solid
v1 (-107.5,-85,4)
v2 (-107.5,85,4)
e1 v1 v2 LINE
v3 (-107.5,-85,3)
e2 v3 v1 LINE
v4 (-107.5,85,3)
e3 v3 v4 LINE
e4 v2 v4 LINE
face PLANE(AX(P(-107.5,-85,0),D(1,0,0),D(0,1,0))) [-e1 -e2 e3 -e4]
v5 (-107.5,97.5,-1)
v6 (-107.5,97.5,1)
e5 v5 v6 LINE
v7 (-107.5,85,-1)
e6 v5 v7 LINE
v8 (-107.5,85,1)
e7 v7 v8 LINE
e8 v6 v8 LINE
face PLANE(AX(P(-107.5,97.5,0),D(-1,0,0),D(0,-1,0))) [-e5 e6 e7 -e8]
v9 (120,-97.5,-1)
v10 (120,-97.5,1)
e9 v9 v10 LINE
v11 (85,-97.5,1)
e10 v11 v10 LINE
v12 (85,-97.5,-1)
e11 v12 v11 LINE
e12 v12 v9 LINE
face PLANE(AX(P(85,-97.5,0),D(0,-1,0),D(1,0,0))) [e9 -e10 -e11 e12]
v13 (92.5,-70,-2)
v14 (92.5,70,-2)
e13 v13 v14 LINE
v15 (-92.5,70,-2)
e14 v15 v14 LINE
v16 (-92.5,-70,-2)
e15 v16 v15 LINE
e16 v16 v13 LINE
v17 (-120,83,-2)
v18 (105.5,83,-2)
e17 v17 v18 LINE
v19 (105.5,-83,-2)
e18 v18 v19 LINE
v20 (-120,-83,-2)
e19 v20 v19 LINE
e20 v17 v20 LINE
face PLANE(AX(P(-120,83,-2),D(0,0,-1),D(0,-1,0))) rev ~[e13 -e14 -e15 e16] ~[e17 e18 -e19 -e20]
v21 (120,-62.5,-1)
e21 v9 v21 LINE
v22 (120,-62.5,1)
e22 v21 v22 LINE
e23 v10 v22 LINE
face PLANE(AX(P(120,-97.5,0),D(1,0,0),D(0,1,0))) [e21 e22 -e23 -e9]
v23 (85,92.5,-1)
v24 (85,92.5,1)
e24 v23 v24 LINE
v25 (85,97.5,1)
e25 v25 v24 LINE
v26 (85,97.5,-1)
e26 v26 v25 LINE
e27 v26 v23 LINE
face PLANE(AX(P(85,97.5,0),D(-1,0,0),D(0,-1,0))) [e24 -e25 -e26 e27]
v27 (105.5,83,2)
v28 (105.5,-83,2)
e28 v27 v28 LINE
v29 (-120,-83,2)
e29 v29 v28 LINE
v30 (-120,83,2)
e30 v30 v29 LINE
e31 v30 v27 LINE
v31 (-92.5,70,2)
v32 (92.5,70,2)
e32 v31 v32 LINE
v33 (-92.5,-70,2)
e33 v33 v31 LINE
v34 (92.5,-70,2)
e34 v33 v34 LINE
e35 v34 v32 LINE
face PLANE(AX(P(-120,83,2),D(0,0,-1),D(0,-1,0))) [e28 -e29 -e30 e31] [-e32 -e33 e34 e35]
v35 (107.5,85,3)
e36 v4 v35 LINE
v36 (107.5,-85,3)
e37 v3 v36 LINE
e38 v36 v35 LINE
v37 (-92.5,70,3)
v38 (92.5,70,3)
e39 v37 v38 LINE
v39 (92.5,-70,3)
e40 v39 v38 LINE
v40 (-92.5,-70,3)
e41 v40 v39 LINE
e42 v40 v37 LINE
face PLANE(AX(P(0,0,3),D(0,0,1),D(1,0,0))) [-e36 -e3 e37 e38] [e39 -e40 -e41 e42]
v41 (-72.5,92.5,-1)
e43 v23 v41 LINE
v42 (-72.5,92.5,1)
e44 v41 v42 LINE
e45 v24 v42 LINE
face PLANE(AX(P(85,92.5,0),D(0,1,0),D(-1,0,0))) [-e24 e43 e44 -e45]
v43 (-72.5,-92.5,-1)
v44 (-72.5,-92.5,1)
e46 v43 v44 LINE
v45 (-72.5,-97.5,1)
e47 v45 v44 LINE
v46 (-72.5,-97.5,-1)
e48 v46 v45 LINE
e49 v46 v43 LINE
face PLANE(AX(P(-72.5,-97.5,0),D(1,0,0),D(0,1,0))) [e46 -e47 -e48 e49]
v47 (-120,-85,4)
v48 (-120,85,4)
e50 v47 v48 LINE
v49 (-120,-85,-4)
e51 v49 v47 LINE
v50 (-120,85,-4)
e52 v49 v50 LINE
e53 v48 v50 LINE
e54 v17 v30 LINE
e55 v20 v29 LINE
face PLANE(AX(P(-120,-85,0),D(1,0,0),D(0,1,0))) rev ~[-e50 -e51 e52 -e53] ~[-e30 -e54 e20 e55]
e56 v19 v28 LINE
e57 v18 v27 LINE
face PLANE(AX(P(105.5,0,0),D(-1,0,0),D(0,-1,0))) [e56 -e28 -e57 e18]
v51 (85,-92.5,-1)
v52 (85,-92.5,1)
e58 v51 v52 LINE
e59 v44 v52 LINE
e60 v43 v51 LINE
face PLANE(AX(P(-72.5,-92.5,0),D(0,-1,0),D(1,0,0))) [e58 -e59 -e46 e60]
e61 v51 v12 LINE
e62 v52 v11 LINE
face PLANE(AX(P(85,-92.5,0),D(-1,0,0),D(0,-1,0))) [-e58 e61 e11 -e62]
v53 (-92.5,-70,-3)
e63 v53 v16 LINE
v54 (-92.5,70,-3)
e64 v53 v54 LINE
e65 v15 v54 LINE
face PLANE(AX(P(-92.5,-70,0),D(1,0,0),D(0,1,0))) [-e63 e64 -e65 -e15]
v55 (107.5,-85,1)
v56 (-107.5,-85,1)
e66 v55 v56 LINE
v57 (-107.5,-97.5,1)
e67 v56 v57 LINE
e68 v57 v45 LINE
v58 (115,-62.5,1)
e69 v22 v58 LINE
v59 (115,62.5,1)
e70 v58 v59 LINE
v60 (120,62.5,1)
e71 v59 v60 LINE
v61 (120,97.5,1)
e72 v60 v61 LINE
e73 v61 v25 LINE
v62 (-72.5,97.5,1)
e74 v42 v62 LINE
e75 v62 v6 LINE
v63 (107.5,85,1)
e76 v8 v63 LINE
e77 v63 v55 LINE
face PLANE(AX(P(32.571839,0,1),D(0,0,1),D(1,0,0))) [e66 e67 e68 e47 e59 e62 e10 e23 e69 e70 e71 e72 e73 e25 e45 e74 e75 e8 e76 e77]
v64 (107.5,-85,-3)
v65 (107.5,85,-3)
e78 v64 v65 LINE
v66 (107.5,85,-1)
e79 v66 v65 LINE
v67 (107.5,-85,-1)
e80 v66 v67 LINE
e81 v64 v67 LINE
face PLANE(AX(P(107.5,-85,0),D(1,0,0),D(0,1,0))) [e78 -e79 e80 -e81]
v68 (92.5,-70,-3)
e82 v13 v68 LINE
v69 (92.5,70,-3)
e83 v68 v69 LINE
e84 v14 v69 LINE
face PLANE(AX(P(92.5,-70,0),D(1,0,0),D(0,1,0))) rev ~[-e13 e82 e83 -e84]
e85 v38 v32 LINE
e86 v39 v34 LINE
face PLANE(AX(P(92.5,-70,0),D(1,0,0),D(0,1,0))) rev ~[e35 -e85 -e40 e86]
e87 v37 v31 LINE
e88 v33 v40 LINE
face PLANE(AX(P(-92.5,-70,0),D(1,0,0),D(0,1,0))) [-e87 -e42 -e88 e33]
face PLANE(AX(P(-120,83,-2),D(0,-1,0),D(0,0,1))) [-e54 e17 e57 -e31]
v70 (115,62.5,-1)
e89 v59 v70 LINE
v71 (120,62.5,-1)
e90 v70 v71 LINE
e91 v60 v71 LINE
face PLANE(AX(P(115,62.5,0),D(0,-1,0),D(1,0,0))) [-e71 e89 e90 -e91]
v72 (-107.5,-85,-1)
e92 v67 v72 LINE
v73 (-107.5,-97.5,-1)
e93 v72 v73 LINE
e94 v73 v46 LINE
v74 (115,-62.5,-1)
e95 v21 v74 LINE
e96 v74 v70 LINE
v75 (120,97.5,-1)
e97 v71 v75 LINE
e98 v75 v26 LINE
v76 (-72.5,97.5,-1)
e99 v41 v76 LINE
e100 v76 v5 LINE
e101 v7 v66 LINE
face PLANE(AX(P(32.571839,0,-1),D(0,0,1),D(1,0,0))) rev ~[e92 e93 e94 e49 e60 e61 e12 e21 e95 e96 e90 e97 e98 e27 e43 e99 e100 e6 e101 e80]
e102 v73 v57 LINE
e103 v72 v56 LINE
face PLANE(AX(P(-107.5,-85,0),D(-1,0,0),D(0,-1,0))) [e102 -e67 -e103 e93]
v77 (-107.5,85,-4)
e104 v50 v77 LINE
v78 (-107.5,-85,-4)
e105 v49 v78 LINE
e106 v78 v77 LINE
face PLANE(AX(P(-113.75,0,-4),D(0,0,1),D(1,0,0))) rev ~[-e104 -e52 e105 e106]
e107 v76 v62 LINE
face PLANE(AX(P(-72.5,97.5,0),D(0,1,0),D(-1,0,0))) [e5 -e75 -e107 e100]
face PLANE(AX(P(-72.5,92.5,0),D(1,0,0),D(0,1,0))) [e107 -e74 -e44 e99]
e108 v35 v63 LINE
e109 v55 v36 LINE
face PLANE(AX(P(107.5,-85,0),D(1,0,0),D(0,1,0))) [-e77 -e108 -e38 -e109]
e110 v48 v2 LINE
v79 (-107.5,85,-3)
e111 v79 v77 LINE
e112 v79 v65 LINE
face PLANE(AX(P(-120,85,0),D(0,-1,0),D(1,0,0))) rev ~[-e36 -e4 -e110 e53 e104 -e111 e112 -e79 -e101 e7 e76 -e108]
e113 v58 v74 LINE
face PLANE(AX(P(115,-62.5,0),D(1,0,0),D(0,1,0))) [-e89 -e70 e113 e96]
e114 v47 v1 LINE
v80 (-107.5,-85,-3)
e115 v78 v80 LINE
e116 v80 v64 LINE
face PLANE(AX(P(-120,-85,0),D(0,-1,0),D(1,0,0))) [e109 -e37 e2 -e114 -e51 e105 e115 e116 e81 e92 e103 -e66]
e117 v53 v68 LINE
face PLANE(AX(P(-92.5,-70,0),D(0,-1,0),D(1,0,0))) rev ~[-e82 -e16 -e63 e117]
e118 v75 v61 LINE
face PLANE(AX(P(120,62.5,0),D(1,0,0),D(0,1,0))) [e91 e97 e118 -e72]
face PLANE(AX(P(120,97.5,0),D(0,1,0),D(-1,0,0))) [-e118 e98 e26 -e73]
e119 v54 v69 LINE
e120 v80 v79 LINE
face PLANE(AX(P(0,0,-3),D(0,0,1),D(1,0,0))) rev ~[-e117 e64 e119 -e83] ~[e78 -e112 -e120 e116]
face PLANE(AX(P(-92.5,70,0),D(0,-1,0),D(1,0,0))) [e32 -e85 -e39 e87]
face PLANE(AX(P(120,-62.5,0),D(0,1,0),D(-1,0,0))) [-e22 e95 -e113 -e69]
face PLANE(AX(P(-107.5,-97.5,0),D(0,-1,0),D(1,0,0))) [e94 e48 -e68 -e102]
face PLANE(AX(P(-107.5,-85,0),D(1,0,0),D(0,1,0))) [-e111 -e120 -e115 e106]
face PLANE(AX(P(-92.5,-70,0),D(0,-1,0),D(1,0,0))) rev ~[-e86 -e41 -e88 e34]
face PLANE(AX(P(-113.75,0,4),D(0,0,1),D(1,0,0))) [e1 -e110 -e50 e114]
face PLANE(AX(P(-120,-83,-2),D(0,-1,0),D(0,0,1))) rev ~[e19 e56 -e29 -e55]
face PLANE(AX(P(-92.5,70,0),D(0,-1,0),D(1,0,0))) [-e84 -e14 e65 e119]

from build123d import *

# Parameters (mm, degrees)
F0_W     = 215
F0_H     = 170
F0_W_2   = 185
F0_H_2   = 140
F1_DEPTH = 3
F0_W_3   = 12.5
F2_DEPTH = 4
F3_DEPTH = 1
F4_W     = 166
F4_H     = 4
F5_DEPTH = 225.5


with BuildPart() as f1:
    # F0 (on Top) → F1 (new body, symmetric)
    with BuildSketch(Plane.XY):
        Rectangle(F0_W, F0_H)
        Rectangle(F0_W_2, F0_H_2, mode=Mode.SUBTRACT)
    extrude(amount=F1_DEPTH, both=True)

    # F0 (on Top) → F2 (join, symmetric)
    with BuildSketch(Plane.XY):
        with Locations((-113.75, 0)):
            Rectangle(F0_W_3, F0_H)
    extrude(amount=F2_DEPTH, both=True)

    # F0 (on Top) → F3 (join, symmetric)
    with BuildSketch(Plane.XY):
        Polygon((120, 62.5), (120, 97.5), (85, 97.5), (85, 92.5), (-72.5, 92.5), (-72.5, 97.5), (-107.5, 97.5), (-107.5, 85), (107.5, 85), (107.5, -85), (-107.5, -85), (-107.5, -97.5), (-72.5, -97.5), (-72.5, -92.5), (85, -92.5), (85, -97.5), (120, -97.5), (120, -62.5), (115, -62.5), (115, 62.5), align=None)
    extrude(amount=F3_DEPTH, both=True)

    # F4 (on face) → F5 (cut)
    with BuildSketch(Plane(origin=(-120, 0, 0), x_dir=(0, -1, 0), z_dir=(-1, 0, 0))):
        Rectangle(F4_W, F4_H)
    extrude(amount=-F5_DEPTH, mode=Mode.SUBTRACT)


solid = f1.part
